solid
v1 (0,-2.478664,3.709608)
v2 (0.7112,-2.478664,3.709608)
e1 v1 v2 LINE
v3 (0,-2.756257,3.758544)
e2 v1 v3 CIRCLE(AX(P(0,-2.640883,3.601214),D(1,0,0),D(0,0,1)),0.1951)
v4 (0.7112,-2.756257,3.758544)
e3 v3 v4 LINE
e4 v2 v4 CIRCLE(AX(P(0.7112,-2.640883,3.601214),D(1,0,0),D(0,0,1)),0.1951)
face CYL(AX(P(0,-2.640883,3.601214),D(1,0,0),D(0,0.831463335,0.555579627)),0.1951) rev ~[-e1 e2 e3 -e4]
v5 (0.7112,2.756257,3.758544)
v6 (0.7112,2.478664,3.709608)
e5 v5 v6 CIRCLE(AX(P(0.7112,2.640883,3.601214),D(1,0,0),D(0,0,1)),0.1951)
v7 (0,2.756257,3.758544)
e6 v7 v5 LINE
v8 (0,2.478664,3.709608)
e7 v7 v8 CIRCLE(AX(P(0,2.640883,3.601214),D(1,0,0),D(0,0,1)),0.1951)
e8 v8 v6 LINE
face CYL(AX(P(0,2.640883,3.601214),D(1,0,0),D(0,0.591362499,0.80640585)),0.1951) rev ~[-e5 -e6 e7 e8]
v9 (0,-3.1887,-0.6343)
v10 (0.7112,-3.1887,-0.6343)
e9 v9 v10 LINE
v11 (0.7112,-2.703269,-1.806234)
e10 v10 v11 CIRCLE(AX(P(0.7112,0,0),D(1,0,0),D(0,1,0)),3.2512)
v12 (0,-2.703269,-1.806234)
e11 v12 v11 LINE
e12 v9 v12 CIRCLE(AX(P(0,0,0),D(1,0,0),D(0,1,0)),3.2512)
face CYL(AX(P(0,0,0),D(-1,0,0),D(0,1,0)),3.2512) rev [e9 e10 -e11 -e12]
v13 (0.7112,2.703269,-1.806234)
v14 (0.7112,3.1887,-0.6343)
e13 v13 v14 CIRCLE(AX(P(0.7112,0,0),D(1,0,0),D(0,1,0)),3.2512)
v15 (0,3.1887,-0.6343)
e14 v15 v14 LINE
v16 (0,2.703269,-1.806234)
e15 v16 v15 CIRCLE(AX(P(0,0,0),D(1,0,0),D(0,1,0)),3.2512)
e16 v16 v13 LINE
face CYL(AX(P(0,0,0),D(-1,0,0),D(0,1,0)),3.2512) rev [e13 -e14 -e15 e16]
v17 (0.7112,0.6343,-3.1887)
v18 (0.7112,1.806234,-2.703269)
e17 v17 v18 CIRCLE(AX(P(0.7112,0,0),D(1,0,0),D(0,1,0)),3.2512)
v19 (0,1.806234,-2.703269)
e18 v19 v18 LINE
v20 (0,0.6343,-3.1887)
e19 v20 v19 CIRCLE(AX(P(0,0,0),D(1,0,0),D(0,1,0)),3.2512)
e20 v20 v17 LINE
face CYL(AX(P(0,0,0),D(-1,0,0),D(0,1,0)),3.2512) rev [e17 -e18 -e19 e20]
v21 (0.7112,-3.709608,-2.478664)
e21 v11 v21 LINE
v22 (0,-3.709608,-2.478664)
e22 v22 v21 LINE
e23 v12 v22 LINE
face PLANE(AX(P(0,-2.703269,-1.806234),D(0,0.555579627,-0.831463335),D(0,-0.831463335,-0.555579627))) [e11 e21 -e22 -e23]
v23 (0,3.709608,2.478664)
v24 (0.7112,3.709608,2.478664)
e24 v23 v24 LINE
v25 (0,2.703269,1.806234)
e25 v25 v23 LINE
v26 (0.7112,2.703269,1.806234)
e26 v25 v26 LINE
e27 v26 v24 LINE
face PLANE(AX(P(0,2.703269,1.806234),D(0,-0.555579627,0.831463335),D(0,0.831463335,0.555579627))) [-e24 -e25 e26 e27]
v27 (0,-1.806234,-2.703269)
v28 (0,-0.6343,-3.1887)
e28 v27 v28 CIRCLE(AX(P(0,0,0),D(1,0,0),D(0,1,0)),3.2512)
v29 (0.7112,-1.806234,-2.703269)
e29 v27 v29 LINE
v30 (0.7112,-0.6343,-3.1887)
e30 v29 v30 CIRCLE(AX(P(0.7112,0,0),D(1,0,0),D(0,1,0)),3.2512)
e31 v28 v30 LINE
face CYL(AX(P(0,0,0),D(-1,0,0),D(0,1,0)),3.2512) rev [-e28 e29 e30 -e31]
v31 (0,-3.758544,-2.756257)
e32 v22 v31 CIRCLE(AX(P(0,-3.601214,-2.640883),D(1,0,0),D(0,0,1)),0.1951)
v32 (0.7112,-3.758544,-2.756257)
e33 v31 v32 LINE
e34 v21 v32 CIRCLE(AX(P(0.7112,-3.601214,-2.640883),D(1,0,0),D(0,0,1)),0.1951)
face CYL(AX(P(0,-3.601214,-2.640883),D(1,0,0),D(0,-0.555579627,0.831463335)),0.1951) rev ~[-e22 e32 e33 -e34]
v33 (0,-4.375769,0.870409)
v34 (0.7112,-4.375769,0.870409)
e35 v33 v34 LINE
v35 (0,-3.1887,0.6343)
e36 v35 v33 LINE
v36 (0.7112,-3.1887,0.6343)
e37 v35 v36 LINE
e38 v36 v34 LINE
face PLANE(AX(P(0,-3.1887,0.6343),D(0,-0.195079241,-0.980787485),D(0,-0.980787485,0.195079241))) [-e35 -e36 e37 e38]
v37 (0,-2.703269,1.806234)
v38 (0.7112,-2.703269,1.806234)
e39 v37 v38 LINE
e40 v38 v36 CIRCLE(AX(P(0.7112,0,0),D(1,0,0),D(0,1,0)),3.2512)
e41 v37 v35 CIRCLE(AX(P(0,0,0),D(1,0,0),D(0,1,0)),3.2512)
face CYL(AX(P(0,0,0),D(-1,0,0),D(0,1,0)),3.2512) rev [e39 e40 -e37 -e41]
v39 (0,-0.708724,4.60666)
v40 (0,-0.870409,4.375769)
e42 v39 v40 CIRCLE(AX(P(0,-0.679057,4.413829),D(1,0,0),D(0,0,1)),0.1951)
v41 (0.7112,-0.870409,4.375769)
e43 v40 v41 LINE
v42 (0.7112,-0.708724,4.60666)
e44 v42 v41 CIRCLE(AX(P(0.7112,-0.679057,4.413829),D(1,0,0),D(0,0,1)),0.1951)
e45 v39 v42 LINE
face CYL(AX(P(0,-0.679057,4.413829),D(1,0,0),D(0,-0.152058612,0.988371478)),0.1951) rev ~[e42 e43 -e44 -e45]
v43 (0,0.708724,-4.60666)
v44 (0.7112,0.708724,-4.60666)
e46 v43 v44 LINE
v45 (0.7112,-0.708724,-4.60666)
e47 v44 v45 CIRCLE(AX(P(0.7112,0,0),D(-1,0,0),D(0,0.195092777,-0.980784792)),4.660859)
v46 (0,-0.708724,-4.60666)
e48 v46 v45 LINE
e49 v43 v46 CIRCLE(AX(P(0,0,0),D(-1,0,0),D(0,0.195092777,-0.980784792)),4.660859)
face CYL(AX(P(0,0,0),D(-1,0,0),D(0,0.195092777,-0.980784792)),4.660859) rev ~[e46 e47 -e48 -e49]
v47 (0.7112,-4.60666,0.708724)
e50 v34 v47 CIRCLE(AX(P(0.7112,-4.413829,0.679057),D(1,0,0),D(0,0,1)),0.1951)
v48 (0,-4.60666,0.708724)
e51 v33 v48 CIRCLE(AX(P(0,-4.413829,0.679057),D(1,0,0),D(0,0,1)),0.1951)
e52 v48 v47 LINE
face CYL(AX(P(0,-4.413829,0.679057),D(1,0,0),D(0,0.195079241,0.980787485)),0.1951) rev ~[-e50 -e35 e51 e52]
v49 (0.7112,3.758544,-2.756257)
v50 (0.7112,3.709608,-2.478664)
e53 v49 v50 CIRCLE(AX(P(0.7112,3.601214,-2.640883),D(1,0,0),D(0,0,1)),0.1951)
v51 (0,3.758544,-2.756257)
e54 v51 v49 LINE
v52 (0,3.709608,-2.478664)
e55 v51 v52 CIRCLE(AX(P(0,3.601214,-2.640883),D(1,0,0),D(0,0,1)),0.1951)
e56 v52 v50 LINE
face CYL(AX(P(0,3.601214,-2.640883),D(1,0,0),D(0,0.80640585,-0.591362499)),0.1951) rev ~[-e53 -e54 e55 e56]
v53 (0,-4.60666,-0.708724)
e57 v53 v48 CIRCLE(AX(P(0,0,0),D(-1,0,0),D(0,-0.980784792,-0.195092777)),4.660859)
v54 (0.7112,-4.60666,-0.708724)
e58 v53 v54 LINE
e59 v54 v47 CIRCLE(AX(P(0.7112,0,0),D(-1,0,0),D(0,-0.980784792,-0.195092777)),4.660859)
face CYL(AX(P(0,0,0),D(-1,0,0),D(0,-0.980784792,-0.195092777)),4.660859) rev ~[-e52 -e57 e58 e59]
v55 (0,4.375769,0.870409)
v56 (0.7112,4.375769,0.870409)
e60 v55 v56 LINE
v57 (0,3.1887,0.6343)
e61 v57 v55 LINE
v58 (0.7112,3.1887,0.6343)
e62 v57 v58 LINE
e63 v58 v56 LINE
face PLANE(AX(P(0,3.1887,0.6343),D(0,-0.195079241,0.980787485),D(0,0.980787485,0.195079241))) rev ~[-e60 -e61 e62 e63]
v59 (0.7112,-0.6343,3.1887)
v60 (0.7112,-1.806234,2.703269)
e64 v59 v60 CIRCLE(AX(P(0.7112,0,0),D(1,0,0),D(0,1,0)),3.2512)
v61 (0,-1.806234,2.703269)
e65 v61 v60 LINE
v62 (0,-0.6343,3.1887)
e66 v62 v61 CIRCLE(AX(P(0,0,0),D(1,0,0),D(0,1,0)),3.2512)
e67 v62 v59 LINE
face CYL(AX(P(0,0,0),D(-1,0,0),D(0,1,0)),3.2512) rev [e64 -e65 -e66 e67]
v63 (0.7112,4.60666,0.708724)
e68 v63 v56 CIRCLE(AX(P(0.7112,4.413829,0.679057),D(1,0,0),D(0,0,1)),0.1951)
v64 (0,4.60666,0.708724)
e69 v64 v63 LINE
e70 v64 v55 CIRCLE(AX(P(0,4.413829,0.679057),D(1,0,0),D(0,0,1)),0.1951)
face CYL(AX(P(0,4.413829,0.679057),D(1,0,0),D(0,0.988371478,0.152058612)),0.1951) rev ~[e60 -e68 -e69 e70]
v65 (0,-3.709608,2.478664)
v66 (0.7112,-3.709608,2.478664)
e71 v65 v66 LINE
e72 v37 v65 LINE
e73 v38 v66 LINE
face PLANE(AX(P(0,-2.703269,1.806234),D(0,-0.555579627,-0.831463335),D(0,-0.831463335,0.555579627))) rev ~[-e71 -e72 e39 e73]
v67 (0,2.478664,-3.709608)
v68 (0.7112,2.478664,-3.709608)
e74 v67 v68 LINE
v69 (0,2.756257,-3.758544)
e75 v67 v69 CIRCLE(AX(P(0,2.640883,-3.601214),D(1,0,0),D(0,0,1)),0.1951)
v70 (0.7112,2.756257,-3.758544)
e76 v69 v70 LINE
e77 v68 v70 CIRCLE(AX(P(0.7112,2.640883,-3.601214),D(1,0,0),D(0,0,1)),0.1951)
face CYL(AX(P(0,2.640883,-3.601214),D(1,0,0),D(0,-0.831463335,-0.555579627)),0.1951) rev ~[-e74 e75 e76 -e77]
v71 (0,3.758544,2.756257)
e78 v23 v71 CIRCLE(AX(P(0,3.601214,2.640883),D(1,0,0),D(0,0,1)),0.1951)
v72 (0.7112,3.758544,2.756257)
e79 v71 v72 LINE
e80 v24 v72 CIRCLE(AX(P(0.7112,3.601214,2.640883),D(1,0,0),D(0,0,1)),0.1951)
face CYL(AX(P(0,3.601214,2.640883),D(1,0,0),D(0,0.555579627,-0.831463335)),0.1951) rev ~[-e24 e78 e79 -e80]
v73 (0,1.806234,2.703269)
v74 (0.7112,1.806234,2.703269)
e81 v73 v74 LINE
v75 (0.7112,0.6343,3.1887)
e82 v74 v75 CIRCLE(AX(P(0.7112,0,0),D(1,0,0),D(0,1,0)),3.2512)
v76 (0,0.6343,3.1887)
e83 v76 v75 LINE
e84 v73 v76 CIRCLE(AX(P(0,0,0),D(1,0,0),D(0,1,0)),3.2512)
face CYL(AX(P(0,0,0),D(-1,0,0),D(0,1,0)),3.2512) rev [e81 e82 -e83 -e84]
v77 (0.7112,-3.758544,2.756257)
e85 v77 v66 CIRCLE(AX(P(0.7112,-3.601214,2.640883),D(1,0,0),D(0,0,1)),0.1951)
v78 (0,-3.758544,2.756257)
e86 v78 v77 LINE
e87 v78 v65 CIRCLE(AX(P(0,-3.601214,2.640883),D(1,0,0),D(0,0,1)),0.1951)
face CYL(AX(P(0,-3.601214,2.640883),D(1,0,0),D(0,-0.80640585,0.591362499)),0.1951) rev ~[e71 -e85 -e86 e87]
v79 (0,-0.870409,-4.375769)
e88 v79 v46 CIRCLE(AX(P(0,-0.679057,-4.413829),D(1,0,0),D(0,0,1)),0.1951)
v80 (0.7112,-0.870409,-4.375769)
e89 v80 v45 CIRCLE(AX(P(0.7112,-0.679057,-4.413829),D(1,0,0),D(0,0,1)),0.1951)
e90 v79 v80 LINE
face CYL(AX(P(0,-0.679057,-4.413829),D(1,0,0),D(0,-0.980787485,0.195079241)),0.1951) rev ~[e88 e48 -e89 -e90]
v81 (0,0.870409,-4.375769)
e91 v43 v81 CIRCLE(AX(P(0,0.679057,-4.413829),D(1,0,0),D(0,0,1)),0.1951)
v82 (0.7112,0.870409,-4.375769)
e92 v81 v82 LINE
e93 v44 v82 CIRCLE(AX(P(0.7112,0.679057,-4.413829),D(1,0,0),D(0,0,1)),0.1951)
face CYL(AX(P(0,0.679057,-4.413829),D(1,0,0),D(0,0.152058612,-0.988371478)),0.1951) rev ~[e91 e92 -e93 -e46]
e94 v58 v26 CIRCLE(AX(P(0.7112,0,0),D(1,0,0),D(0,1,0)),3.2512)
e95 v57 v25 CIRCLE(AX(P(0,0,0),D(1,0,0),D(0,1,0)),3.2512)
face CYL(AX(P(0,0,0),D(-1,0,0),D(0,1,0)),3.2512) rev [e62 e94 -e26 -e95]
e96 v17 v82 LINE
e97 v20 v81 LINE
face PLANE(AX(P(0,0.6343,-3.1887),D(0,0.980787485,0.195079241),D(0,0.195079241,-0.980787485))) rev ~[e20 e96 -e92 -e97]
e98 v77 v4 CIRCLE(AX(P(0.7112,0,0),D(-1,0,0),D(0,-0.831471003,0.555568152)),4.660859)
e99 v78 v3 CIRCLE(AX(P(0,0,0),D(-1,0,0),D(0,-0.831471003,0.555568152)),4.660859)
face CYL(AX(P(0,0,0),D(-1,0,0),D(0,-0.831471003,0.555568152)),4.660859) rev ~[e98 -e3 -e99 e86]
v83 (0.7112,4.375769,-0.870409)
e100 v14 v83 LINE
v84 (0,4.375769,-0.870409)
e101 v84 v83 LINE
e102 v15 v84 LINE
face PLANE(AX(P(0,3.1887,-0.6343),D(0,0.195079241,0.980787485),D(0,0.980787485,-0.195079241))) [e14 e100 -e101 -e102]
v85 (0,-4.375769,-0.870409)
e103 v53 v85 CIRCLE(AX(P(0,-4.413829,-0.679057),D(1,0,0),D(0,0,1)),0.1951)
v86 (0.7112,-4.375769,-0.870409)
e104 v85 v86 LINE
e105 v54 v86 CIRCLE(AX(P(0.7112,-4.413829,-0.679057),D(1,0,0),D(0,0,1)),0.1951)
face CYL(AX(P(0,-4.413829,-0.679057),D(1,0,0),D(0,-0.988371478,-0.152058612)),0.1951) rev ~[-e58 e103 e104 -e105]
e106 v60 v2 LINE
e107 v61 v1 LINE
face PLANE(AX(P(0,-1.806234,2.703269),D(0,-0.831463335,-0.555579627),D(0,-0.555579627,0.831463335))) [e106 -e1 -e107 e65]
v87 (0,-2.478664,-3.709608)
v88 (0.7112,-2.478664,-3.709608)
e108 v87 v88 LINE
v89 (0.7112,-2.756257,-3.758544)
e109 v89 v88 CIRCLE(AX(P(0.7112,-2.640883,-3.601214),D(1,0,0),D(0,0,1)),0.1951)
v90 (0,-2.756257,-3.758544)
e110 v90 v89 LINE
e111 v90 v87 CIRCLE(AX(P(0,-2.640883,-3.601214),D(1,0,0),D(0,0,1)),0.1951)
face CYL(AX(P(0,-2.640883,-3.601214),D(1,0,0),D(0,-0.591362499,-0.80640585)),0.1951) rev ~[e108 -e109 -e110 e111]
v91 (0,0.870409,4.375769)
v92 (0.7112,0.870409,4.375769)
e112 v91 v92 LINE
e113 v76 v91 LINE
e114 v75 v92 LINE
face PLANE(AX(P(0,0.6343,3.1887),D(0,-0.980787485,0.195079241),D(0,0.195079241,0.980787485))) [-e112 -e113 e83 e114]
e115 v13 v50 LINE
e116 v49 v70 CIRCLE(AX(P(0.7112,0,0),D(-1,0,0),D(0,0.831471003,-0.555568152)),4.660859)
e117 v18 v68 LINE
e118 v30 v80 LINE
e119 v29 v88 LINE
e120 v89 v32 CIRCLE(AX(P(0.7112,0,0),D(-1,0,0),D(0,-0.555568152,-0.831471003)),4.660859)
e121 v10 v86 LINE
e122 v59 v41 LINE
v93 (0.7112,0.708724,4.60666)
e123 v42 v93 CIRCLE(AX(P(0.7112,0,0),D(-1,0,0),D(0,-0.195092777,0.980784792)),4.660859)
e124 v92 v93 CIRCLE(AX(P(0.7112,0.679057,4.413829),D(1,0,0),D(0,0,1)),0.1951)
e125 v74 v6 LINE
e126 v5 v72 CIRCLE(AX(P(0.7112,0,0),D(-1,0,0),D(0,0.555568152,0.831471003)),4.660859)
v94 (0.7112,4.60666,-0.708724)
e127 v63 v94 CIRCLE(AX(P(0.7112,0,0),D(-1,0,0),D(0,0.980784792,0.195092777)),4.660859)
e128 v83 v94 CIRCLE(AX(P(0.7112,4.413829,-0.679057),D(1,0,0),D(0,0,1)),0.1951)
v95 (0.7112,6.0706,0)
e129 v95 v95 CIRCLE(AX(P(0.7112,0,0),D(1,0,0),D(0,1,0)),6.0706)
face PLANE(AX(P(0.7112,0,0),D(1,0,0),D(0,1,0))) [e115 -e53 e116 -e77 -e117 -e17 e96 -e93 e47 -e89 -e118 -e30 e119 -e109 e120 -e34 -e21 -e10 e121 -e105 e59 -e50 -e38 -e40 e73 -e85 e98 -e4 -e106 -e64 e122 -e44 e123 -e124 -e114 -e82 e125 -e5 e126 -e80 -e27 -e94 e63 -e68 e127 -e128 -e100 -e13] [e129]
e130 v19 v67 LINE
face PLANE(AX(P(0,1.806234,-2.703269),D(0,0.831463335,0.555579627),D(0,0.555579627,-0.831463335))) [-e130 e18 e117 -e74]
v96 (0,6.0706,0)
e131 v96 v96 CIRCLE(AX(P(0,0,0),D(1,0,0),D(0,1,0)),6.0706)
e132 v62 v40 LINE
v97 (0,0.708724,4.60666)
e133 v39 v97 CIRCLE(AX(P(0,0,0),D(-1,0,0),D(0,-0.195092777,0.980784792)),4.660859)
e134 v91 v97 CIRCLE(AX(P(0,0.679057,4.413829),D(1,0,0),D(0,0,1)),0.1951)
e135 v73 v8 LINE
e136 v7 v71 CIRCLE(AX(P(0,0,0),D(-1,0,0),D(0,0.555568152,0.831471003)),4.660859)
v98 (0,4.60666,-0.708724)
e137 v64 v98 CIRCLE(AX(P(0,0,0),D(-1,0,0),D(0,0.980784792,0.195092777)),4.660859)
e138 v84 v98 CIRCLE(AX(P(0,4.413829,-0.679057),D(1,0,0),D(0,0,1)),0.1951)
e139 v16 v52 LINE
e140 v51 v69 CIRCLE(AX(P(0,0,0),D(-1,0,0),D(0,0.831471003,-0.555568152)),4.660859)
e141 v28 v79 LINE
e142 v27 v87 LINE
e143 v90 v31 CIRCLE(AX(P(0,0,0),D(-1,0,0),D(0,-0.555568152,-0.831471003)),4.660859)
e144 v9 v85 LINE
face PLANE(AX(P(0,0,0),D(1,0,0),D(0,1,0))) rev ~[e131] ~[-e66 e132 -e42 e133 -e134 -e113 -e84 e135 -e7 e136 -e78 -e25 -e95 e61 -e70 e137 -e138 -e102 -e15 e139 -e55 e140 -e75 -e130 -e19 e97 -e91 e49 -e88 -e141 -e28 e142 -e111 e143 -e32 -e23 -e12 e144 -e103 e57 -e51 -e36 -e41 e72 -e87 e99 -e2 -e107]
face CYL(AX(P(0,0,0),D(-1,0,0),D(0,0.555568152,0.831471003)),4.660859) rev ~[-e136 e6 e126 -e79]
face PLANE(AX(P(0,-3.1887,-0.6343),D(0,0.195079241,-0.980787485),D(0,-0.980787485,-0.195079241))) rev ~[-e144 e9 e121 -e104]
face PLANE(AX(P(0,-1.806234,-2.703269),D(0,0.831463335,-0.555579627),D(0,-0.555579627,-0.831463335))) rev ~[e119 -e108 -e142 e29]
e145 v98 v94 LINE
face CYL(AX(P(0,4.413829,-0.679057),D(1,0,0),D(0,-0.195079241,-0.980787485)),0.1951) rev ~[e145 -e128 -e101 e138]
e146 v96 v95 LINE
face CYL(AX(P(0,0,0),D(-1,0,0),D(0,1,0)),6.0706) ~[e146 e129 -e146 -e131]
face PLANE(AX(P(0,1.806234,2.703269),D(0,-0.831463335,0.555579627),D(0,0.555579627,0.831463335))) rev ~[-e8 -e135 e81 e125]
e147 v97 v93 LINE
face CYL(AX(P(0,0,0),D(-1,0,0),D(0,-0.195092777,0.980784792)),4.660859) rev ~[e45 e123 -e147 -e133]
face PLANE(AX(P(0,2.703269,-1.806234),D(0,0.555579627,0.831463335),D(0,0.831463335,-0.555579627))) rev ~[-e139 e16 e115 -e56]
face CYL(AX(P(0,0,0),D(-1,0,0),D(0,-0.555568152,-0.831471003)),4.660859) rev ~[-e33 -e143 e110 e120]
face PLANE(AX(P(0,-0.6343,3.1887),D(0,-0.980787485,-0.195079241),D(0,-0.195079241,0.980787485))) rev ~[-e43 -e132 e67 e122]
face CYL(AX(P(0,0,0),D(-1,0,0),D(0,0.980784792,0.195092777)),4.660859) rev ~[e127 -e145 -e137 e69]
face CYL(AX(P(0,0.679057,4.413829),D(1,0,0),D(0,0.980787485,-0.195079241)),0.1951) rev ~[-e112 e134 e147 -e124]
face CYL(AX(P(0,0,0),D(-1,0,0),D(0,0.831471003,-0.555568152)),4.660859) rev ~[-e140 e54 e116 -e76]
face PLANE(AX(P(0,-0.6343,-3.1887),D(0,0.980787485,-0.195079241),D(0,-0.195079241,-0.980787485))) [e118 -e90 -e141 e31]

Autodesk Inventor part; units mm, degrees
ref_plane "YZ Plane" through (0, 0, 0) normal (1, 0, 0) x (0, 1, 0)
ref_plane "XZ Plane" through (0, 0, 0) normal (0, 1, 0) x (-1, 0, 0)
sketch "Sketch1" plane through (0, 0, 0) normal (1, 0, 0) x (0, 1, 0)
  circle A0 centre (0, 0) radius 6.0706
  circle A1 centre (0, 0) radius 3.2512
  dimension "d0" = 12.1412
  dimension "d1" = 6.5024
extrude "Body" add sketch "Sketch1" along normal blind 0.7112
sketch "Sketch2" plane through (0, 0, 0) normal (-1, 0, 0) x (0, 0, 1)
  circle A0 centre (0, 0) radius 3.2512 projected
  circle A1 centre (0, 0) radius 6.0706 projected
  arc A2 (0.9093, 4.5713) -> (-0.9093, 4.5713) centre (0, 0) ccw
  line L0 (-0.6343, 3.1887) -> (-0.9093, 4.5713)
  line L1 (0, 0) -> (0, 4.6609) construction
  line L2 (0.6343, 3.1887) -> (0.9093, 4.5713)
  line L3 (-0.6343, 3.1887) -> (0, 0) construction
  line L4 (0.6343, 3.1887) -> (0, 0) construction
  dimension "d4" = 9.3218
  dimension "d5" = 11.25
extrude "Cut" cut sketch "Sketch2" against normal blind 0.7112 contours A0 L0 A2 L2
fillet "Fillet1" radius 0.1951 2 edges at (0.3556, 4.5713, 0.9093) (0.3556, 4.5713, -0.9093)
pattern_circular "Cuts" count 8 over 360 about axis through (-10, 0, 0) along (1, 0, 0) of "Cut", "Fillet1"
ref_plane "Work Plane1" through (0, 0, 0) normal (0, 1, 0) x (1, 0, 0)
equation "\"d0\" = SD2"
equation "\"d1\" = SD1"
equation "\"d2\" = SD"
equation "\"d4\" = 0.5 * SD2 + 0.5 * SD1"
equation "\"d6\" = SD"
equation "\"d8\" = 0.03 * SD1"
equation "\"SD1\" = 6.5024"
equation "\"SD2\" = 12.1412"
equation "\"SD\" = 0.7112"
equation "\"NND\" = 6.35"
properties part number "ASME B18.21.1 - 1/4. Carbon Steel" material "Steel, Mild"
